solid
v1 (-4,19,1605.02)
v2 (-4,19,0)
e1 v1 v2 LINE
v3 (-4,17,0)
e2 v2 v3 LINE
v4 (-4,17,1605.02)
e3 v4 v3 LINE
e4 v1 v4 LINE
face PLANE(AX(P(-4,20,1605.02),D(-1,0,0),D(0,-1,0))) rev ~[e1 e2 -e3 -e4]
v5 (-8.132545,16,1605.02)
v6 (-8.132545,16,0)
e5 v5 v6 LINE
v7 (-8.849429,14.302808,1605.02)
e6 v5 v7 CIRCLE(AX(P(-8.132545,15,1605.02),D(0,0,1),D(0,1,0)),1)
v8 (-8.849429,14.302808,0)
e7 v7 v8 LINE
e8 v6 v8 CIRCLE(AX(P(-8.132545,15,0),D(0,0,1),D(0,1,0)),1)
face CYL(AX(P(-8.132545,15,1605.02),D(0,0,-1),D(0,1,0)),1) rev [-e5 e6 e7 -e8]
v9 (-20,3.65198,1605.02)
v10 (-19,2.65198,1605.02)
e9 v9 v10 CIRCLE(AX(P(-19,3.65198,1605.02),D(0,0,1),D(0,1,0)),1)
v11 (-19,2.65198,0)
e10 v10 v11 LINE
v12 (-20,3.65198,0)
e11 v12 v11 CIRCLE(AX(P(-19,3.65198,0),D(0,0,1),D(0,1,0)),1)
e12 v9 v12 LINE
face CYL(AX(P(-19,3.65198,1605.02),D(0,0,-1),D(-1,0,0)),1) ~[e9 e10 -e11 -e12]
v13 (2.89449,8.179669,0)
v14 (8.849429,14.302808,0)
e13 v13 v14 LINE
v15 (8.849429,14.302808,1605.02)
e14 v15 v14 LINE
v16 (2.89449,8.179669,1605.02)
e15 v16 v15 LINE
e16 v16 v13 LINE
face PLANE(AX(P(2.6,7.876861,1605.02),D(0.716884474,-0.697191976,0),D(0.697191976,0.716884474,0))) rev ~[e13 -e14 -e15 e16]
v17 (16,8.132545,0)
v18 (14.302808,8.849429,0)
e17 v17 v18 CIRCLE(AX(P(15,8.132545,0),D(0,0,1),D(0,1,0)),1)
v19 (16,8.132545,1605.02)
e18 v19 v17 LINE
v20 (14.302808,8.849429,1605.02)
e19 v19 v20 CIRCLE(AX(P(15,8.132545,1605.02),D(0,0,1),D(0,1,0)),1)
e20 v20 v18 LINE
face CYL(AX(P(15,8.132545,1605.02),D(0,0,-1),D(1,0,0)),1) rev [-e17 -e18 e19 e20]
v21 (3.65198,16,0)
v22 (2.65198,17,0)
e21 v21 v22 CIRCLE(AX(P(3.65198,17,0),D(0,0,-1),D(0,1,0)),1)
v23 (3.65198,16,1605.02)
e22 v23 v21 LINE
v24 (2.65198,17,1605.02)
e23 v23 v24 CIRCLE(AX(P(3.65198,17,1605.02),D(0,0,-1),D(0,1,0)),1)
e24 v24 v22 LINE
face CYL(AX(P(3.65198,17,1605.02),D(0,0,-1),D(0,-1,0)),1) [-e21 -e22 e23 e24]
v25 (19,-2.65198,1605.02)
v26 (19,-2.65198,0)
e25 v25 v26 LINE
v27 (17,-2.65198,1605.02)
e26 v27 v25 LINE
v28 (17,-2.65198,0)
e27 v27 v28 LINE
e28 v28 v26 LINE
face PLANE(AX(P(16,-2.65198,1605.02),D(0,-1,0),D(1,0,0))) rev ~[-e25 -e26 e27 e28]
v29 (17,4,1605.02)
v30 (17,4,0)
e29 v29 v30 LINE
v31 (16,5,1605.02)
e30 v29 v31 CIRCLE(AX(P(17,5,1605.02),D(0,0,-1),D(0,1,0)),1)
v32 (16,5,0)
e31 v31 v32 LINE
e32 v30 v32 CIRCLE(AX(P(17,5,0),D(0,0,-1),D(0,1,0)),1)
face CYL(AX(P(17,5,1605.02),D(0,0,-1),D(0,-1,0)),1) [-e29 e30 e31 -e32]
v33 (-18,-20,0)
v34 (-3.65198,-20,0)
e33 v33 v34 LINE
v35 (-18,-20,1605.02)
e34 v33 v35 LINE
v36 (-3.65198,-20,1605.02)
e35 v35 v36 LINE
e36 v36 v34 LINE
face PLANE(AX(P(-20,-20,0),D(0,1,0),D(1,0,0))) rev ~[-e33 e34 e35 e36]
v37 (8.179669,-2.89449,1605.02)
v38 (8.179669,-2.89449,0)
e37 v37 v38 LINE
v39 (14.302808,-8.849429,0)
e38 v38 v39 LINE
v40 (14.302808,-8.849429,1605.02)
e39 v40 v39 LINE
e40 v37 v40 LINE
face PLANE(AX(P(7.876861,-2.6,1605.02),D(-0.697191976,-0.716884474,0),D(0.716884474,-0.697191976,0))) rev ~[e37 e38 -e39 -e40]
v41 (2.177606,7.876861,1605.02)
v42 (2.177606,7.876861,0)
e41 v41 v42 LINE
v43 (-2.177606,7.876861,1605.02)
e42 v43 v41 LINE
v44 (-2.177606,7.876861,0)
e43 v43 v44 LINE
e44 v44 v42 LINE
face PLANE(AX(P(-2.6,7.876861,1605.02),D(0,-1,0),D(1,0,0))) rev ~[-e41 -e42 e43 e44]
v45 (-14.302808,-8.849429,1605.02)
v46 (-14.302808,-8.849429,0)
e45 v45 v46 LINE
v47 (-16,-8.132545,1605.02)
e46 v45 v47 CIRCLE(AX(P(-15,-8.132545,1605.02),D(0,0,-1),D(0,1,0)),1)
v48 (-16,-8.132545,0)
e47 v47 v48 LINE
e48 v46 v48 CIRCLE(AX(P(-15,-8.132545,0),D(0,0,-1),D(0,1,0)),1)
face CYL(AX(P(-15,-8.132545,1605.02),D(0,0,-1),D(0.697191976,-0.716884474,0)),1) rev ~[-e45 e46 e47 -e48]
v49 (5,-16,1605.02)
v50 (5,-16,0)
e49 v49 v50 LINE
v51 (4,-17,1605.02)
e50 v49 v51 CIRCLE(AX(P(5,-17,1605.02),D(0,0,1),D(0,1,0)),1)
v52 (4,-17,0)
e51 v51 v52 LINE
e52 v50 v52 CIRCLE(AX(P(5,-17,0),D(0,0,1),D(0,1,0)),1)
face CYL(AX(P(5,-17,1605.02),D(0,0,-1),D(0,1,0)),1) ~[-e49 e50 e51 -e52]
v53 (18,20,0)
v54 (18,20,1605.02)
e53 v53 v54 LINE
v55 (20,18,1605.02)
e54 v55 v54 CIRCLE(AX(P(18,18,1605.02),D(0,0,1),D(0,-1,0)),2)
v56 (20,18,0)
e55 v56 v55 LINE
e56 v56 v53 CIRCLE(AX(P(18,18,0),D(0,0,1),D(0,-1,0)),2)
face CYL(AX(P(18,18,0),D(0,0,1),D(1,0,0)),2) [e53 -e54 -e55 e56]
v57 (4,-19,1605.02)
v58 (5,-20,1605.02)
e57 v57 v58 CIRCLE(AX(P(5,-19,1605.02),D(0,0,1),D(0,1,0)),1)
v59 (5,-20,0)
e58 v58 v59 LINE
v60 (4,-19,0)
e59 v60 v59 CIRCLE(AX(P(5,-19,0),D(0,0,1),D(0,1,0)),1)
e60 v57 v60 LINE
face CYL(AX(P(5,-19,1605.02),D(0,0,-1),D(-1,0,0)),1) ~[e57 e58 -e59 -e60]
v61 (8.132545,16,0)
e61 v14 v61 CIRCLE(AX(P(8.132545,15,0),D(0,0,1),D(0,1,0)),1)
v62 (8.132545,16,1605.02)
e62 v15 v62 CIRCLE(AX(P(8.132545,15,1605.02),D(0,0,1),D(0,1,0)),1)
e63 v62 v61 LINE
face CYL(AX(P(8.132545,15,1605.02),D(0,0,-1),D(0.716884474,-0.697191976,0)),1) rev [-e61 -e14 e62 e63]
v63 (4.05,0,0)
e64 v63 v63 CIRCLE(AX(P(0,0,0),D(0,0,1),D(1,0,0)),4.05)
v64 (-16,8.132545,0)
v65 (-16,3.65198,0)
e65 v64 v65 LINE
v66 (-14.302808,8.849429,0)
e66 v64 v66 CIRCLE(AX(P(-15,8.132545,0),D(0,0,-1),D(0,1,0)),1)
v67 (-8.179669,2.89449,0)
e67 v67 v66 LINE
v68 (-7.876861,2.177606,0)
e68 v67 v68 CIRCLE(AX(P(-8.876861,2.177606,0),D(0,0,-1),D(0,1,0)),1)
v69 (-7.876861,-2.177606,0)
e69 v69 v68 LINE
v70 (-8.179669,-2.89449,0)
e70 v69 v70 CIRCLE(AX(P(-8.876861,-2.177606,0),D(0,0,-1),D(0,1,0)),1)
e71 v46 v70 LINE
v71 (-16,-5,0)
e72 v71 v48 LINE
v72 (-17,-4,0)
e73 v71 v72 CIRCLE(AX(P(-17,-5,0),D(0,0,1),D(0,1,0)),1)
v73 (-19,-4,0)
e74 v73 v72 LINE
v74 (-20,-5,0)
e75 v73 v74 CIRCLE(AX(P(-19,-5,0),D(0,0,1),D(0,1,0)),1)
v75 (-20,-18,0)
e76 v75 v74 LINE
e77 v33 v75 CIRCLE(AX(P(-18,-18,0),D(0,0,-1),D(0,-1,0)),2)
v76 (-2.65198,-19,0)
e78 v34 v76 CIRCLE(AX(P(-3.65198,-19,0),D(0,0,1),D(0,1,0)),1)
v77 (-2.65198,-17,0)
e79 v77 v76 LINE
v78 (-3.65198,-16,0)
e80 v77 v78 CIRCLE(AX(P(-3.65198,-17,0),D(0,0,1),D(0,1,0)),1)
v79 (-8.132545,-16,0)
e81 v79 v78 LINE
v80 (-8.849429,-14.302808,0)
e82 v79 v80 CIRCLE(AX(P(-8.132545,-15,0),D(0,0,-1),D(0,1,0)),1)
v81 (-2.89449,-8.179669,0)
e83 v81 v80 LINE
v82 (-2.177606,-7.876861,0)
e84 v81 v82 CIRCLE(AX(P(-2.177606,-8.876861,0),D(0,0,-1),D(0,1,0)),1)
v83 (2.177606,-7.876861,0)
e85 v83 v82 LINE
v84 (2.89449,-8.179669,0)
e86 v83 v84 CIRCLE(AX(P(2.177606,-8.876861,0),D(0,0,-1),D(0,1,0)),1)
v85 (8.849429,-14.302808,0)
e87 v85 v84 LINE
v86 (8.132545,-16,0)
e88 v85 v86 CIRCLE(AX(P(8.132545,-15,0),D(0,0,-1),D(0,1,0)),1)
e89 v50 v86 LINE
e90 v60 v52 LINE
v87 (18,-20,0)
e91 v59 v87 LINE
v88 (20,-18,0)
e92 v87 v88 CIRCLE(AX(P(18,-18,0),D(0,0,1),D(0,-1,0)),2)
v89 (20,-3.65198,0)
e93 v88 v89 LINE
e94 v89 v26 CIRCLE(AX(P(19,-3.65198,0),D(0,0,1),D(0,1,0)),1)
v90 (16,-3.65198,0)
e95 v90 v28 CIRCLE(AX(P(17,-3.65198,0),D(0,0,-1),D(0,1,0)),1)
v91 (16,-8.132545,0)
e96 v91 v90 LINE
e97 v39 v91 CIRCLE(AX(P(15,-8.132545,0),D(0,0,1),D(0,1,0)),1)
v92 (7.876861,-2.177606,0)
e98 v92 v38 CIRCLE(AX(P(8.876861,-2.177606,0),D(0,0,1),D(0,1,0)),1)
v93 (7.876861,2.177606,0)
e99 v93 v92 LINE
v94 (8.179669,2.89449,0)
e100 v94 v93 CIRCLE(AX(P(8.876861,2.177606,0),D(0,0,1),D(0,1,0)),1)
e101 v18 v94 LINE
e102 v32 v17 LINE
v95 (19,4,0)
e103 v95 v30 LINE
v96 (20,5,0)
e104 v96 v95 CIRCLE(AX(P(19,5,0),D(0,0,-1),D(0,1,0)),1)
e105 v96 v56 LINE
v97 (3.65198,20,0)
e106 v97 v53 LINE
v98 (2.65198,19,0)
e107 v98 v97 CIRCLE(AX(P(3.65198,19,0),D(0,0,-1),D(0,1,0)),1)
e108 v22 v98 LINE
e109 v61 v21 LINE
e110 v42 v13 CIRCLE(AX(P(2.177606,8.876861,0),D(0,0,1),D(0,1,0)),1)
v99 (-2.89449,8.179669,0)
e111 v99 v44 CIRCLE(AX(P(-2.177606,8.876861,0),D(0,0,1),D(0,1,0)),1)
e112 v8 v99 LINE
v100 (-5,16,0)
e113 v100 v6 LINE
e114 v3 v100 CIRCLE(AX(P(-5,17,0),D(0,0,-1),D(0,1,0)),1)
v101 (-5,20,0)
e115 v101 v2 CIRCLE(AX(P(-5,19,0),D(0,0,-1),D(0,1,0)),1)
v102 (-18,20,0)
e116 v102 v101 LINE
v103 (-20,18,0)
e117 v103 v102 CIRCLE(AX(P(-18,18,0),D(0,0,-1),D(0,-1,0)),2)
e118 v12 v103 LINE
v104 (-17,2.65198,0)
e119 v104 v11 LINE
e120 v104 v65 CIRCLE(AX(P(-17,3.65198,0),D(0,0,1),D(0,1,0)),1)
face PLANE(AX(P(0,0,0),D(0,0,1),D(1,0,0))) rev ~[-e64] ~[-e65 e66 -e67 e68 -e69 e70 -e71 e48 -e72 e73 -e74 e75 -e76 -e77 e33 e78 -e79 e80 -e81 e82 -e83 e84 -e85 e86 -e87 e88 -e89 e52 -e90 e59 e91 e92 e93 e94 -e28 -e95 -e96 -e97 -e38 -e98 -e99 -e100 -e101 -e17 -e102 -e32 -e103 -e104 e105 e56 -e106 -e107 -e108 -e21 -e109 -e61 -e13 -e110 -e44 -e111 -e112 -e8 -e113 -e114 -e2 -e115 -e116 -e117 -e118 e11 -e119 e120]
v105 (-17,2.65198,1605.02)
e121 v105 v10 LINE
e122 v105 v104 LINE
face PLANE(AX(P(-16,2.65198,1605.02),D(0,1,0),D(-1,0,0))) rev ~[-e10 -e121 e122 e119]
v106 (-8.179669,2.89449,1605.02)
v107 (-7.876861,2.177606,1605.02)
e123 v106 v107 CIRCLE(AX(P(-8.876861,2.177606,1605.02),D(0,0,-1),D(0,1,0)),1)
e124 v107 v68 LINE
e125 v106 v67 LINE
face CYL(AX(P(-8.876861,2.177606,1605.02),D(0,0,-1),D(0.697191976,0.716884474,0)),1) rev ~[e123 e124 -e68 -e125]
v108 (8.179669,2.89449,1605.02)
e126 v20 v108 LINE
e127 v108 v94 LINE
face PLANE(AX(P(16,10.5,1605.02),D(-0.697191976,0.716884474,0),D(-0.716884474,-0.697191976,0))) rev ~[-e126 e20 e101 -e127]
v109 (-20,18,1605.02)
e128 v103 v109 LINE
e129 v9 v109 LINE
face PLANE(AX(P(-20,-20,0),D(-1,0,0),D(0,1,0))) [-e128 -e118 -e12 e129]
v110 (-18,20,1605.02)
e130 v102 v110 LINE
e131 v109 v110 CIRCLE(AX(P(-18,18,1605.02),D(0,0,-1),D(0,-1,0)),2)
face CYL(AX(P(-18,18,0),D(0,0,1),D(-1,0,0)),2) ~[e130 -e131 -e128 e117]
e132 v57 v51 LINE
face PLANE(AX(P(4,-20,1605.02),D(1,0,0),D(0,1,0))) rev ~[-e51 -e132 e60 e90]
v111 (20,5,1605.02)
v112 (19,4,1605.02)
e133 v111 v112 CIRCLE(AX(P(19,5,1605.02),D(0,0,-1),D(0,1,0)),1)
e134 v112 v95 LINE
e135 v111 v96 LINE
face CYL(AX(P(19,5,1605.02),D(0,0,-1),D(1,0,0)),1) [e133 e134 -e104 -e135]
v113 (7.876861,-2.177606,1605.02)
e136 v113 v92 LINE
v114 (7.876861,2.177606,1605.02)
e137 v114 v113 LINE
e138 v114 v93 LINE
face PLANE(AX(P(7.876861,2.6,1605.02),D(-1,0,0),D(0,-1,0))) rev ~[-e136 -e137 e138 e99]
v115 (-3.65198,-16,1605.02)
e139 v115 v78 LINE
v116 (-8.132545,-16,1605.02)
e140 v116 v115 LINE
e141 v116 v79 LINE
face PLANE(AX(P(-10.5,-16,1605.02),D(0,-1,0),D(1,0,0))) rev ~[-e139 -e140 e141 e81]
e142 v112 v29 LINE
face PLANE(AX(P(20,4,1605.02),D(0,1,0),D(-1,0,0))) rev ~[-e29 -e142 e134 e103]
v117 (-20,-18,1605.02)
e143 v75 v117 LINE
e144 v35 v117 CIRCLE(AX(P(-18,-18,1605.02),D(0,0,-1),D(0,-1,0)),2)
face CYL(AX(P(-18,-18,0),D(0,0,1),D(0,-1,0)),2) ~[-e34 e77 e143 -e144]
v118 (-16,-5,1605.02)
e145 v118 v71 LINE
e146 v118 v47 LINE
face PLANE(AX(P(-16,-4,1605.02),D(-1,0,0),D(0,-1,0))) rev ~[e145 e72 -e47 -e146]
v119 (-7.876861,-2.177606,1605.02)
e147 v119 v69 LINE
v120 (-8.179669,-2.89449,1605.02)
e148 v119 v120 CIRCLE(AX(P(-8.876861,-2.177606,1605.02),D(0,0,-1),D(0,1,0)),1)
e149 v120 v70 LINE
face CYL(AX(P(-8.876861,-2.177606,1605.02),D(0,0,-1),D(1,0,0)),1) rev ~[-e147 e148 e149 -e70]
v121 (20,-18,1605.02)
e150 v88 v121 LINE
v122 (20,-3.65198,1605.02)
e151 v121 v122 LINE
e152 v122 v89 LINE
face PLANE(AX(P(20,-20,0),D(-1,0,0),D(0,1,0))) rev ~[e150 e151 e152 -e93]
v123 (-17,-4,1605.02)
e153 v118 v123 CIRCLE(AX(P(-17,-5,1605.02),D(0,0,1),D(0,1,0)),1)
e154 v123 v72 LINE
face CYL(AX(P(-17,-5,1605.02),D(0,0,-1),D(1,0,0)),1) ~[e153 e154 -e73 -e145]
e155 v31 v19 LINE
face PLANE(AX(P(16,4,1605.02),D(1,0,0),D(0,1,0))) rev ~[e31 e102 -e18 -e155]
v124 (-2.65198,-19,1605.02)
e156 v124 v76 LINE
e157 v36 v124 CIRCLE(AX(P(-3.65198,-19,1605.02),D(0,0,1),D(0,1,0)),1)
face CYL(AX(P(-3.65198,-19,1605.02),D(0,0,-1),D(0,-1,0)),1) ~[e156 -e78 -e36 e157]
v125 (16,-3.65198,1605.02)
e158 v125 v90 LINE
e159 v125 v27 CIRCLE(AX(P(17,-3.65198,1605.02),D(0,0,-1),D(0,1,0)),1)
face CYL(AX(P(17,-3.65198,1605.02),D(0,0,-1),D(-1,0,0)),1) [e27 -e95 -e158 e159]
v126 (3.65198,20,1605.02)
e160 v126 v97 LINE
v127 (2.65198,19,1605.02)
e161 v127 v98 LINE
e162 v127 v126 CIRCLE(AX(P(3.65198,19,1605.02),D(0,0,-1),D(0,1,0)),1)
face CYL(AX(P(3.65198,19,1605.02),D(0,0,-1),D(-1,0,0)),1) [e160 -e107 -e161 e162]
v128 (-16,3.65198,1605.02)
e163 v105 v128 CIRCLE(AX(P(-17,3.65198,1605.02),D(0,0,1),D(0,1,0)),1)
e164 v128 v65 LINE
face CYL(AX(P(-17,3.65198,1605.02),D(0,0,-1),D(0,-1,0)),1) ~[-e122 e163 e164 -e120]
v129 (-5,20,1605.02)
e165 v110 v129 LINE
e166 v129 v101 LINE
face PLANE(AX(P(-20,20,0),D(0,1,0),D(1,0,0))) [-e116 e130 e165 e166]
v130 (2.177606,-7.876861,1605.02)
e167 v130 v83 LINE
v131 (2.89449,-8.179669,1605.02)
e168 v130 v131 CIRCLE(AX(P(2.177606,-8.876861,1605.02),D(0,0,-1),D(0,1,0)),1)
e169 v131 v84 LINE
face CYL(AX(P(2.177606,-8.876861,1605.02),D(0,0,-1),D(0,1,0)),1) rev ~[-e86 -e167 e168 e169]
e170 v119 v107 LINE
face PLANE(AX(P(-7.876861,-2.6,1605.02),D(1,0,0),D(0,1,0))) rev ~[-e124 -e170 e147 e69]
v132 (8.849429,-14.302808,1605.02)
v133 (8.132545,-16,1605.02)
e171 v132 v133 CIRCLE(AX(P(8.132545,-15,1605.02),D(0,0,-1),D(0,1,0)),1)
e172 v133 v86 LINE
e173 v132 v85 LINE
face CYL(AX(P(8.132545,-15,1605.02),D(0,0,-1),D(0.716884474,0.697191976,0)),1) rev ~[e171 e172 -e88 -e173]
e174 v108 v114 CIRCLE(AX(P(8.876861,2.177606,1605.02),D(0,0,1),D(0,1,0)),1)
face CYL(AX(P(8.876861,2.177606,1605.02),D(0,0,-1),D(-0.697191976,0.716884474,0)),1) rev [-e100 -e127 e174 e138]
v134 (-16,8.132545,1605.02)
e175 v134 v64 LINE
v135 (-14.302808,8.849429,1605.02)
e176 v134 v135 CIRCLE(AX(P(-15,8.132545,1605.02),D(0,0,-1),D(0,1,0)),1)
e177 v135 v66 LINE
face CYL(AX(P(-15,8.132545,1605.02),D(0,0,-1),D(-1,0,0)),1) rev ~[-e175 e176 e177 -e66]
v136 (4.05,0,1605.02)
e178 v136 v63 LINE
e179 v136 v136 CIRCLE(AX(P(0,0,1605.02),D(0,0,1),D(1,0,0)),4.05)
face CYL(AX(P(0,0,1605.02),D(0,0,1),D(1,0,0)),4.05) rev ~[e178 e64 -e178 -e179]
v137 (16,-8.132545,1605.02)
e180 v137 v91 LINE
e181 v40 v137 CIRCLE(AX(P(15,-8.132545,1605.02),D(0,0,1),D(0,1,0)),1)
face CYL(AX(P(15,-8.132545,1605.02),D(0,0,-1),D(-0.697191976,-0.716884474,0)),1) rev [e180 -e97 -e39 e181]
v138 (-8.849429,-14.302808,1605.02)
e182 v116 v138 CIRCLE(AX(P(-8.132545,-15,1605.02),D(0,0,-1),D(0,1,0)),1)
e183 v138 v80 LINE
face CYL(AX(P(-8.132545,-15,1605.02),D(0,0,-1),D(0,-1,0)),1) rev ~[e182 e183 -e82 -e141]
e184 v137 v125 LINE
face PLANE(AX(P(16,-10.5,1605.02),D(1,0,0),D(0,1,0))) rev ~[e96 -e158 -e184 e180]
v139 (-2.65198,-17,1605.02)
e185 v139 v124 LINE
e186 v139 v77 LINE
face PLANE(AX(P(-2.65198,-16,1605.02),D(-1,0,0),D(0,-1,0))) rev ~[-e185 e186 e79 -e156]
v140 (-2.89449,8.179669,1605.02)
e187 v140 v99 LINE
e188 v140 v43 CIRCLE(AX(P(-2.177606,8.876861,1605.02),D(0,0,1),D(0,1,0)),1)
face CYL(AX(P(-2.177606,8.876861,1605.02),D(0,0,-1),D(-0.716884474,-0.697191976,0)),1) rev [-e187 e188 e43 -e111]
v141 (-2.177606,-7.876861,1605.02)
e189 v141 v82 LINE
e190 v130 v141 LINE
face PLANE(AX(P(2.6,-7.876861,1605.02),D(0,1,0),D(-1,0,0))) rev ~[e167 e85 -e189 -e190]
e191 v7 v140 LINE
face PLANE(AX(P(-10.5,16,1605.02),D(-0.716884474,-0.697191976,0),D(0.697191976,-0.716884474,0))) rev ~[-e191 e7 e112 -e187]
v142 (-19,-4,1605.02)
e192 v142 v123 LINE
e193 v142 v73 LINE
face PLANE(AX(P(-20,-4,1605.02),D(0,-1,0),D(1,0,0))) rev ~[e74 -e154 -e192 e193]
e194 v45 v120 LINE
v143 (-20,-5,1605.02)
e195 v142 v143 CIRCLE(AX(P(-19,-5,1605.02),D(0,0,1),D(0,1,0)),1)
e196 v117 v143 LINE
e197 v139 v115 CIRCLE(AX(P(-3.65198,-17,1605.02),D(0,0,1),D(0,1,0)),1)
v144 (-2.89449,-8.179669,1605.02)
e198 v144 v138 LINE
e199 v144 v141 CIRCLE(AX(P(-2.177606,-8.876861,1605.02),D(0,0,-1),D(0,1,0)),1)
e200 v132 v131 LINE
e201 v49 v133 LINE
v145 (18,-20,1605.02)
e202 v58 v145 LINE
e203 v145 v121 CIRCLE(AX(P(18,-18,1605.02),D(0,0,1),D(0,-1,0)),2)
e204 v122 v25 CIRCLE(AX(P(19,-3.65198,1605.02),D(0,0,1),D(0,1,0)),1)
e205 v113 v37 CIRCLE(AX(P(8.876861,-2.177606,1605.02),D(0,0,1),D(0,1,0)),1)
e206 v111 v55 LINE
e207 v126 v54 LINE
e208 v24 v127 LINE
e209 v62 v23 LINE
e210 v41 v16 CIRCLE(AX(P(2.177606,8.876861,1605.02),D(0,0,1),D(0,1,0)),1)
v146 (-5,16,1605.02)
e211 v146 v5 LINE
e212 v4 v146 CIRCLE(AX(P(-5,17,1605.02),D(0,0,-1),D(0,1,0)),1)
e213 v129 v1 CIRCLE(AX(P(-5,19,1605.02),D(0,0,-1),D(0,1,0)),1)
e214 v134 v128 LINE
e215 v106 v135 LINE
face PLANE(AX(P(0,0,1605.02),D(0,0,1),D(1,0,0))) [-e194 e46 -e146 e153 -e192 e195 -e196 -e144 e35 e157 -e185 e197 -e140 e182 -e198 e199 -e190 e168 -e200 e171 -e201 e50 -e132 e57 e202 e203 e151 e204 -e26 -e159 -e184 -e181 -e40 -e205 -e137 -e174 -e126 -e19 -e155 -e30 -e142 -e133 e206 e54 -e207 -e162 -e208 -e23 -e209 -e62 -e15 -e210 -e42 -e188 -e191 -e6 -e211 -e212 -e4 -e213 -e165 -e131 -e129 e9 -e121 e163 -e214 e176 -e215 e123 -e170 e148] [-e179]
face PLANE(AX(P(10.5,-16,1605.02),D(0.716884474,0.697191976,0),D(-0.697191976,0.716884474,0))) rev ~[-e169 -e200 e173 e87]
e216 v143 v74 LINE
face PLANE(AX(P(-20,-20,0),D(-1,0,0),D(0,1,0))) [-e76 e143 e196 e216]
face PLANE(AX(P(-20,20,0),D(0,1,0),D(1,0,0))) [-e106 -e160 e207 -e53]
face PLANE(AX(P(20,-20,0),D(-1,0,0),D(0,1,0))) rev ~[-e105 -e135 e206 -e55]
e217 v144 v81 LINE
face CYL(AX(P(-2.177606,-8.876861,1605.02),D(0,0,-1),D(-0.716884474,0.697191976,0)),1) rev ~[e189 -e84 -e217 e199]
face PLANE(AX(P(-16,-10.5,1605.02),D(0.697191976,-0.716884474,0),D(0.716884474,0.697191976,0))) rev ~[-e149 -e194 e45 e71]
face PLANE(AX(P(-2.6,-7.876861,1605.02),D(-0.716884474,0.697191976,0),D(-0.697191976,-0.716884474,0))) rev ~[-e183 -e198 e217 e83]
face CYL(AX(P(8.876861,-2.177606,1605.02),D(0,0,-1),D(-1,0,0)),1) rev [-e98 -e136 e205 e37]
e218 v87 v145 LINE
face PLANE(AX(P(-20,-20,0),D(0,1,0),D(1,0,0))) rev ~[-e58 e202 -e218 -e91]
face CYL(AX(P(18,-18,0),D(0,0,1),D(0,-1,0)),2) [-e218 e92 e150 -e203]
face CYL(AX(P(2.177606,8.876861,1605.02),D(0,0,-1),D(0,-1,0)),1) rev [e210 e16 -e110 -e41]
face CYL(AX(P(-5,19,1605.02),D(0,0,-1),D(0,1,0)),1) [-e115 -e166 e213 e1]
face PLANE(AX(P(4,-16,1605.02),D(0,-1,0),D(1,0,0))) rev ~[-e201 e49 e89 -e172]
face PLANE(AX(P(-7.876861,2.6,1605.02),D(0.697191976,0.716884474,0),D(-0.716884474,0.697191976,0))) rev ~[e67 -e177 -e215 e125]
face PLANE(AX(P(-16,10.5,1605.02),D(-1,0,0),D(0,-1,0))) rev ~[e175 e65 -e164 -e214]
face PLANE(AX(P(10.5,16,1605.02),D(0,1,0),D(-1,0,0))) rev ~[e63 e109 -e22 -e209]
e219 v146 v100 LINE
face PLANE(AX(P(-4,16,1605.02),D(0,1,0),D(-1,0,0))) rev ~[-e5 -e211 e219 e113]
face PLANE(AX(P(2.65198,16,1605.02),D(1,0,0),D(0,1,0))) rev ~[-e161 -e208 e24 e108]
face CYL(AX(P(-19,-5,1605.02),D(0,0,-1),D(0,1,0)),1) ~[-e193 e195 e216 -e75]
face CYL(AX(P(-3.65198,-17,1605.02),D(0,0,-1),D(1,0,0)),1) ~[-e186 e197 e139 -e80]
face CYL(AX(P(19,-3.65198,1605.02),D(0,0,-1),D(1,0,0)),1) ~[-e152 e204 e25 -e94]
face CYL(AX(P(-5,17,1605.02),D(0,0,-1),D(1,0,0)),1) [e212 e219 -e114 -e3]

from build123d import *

# Parameters (mm, degrees)
SKETCH_1_W               = 40
SKETCH_1_H               = 40
EXTRUDE_1_DEPTH          = 1605.02
SKETCH_2_R               = 4.05
CUT_EXTRUDE_1_DEPTH      = 10000
CUT_EXTRUDE_2_DEPTH      = 10000
FILLET_1_R               = 1
PATTERN_CIRCULAR_2_COUNT = 4
FILLET_2_R               = 1
FILLET_3_R               = 1
FILLET_4_R               = 1
FILLET_5_R               = 2


with BuildPart() as part:
    # 草图1 → 凸台-拉伸1 (new body)
    with BuildSketch(Plane.XY):
        Rectangle(SKETCH_1_W, SKETCH_1_H)
    extrude(amount=EXTRUDE_1_DEPTH)

    # 草图2 → 切除-拉伸1 (cut)
    with BuildSketch(Plane.XY.offset(1605.02)):
        Circle(SKETCH_2_R)
    extrude(amount=-CUT_EXTRUDE_1_DEPTH, mode=Mode.SUBTRACT)

    # 草图4 → 切除-拉伸2 (cut)
    with BuildSketch(Plane.XY.offset(1605.02)):
        Polygon((20, 0), (20, 4), (16, 4), (16, 10.5), (7.876860985, 2.6), (7.876860985, -2.6), (16, -10.5), (16, -2.65197969), (20, -2.65197969), align=None)
    cut_extrude_2 = extrude(amount=-CUT_EXTRUDE_2_DEPTH, mode=Mode.SUBTRACT)

    # 圆角1
    fillet_1_edges = [part.edges().sort_by_distance(p)[0] for p in [
        (20, -2.65197969, 802.51),
        (16, -2.65197969, 802.51),
        (16, -10.5, 802.51),
        (7.876860985, -2.6, 802.51),
        (7.876860985, 2.6, 802.51),
        (16, 10.5, 802.51),
        (16, 4, 802.51),
        (20, 4, 802.51),
    ]]
    fillet(fillet_1_edges, radius=FILLET_1_R)

    # 阵列(圆周)2: 切除-拉伸2 ×4 about axis
    pattern_circular_2_axis = Axis((0, 0, 0), (0, 0, 1))
    for i in range(1, PATTERN_CIRCULAR_2_COUNT):
        add(cut_extrude_2.rotate(pattern_circular_2_axis, i * 360 / PATTERN_CIRCULAR_2_COUNT), mode=Mode.SUBTRACT)

    # 圆角2
    fillet_2_edges = [part.edges().sort_by_distance(p)[0] for p in [
        (2.65197969, 20, 802.51),
        (2.65197969, 16, 802.51),
        (10.5, 16, 802.51),
        (2.6, 7.876860985, 802.51),
        (-2.6, 7.876860985, 802.51),
        (-10.5, 16, 802.51),
        (-4, 16, 802.51),
        (-4, 20, 802.51),
    ]]
    fillet(fillet_2_edges, radius=FILLET_2_R)

    # 圆角3
    fillet_3_edges = [part.edges().sort_by_distance(p)[0] for p in [
        (-20, 2.65197969, 802.51),
        (-16, 2.65197969, 802.51),
        (-16, 10.5, 802.51),
        (-7.876860985, 2.6, 802.51),
        (-7.876860985, -2.6, 802.51),
        (-16, -10.5, 802.51),
        (-16, -4, 802.51),
        (-20, -4, 802.51),
    ]]
    fillet(fillet_3_edges, radius=FILLET_3_R)

    # 圆角4
    fillet_4_edges = [part.edges().sort_by_distance(p)[0] for p in [
        (-2.65197969, -20, 802.51),
        (-2.65197969, -16, 802.51),
        (-10.5, -16, 802.51),
        (-2.6, -7.876860985, 802.51),
        (2.6, -7.876860985, 802.51),
        (10.5, -16, 802.51),
        (4, -16, 802.51),
        (4, -20, 802.51),
    ]]
    fillet(fillet_4_edges, radius=FILLET_4_R)

    # 圆角5
    fillet_5_edges = [part.edges().sort_by_distance(p)[0] for p in [
        (20, -20, 802.51),
        (-20, -20, 802.51),
        (-20, 20, 802.51),
        (20, 20, 802.51),
    ]]
    fillet(fillet_5_edges, radius=FILLET_5_R)


solid = part.part
